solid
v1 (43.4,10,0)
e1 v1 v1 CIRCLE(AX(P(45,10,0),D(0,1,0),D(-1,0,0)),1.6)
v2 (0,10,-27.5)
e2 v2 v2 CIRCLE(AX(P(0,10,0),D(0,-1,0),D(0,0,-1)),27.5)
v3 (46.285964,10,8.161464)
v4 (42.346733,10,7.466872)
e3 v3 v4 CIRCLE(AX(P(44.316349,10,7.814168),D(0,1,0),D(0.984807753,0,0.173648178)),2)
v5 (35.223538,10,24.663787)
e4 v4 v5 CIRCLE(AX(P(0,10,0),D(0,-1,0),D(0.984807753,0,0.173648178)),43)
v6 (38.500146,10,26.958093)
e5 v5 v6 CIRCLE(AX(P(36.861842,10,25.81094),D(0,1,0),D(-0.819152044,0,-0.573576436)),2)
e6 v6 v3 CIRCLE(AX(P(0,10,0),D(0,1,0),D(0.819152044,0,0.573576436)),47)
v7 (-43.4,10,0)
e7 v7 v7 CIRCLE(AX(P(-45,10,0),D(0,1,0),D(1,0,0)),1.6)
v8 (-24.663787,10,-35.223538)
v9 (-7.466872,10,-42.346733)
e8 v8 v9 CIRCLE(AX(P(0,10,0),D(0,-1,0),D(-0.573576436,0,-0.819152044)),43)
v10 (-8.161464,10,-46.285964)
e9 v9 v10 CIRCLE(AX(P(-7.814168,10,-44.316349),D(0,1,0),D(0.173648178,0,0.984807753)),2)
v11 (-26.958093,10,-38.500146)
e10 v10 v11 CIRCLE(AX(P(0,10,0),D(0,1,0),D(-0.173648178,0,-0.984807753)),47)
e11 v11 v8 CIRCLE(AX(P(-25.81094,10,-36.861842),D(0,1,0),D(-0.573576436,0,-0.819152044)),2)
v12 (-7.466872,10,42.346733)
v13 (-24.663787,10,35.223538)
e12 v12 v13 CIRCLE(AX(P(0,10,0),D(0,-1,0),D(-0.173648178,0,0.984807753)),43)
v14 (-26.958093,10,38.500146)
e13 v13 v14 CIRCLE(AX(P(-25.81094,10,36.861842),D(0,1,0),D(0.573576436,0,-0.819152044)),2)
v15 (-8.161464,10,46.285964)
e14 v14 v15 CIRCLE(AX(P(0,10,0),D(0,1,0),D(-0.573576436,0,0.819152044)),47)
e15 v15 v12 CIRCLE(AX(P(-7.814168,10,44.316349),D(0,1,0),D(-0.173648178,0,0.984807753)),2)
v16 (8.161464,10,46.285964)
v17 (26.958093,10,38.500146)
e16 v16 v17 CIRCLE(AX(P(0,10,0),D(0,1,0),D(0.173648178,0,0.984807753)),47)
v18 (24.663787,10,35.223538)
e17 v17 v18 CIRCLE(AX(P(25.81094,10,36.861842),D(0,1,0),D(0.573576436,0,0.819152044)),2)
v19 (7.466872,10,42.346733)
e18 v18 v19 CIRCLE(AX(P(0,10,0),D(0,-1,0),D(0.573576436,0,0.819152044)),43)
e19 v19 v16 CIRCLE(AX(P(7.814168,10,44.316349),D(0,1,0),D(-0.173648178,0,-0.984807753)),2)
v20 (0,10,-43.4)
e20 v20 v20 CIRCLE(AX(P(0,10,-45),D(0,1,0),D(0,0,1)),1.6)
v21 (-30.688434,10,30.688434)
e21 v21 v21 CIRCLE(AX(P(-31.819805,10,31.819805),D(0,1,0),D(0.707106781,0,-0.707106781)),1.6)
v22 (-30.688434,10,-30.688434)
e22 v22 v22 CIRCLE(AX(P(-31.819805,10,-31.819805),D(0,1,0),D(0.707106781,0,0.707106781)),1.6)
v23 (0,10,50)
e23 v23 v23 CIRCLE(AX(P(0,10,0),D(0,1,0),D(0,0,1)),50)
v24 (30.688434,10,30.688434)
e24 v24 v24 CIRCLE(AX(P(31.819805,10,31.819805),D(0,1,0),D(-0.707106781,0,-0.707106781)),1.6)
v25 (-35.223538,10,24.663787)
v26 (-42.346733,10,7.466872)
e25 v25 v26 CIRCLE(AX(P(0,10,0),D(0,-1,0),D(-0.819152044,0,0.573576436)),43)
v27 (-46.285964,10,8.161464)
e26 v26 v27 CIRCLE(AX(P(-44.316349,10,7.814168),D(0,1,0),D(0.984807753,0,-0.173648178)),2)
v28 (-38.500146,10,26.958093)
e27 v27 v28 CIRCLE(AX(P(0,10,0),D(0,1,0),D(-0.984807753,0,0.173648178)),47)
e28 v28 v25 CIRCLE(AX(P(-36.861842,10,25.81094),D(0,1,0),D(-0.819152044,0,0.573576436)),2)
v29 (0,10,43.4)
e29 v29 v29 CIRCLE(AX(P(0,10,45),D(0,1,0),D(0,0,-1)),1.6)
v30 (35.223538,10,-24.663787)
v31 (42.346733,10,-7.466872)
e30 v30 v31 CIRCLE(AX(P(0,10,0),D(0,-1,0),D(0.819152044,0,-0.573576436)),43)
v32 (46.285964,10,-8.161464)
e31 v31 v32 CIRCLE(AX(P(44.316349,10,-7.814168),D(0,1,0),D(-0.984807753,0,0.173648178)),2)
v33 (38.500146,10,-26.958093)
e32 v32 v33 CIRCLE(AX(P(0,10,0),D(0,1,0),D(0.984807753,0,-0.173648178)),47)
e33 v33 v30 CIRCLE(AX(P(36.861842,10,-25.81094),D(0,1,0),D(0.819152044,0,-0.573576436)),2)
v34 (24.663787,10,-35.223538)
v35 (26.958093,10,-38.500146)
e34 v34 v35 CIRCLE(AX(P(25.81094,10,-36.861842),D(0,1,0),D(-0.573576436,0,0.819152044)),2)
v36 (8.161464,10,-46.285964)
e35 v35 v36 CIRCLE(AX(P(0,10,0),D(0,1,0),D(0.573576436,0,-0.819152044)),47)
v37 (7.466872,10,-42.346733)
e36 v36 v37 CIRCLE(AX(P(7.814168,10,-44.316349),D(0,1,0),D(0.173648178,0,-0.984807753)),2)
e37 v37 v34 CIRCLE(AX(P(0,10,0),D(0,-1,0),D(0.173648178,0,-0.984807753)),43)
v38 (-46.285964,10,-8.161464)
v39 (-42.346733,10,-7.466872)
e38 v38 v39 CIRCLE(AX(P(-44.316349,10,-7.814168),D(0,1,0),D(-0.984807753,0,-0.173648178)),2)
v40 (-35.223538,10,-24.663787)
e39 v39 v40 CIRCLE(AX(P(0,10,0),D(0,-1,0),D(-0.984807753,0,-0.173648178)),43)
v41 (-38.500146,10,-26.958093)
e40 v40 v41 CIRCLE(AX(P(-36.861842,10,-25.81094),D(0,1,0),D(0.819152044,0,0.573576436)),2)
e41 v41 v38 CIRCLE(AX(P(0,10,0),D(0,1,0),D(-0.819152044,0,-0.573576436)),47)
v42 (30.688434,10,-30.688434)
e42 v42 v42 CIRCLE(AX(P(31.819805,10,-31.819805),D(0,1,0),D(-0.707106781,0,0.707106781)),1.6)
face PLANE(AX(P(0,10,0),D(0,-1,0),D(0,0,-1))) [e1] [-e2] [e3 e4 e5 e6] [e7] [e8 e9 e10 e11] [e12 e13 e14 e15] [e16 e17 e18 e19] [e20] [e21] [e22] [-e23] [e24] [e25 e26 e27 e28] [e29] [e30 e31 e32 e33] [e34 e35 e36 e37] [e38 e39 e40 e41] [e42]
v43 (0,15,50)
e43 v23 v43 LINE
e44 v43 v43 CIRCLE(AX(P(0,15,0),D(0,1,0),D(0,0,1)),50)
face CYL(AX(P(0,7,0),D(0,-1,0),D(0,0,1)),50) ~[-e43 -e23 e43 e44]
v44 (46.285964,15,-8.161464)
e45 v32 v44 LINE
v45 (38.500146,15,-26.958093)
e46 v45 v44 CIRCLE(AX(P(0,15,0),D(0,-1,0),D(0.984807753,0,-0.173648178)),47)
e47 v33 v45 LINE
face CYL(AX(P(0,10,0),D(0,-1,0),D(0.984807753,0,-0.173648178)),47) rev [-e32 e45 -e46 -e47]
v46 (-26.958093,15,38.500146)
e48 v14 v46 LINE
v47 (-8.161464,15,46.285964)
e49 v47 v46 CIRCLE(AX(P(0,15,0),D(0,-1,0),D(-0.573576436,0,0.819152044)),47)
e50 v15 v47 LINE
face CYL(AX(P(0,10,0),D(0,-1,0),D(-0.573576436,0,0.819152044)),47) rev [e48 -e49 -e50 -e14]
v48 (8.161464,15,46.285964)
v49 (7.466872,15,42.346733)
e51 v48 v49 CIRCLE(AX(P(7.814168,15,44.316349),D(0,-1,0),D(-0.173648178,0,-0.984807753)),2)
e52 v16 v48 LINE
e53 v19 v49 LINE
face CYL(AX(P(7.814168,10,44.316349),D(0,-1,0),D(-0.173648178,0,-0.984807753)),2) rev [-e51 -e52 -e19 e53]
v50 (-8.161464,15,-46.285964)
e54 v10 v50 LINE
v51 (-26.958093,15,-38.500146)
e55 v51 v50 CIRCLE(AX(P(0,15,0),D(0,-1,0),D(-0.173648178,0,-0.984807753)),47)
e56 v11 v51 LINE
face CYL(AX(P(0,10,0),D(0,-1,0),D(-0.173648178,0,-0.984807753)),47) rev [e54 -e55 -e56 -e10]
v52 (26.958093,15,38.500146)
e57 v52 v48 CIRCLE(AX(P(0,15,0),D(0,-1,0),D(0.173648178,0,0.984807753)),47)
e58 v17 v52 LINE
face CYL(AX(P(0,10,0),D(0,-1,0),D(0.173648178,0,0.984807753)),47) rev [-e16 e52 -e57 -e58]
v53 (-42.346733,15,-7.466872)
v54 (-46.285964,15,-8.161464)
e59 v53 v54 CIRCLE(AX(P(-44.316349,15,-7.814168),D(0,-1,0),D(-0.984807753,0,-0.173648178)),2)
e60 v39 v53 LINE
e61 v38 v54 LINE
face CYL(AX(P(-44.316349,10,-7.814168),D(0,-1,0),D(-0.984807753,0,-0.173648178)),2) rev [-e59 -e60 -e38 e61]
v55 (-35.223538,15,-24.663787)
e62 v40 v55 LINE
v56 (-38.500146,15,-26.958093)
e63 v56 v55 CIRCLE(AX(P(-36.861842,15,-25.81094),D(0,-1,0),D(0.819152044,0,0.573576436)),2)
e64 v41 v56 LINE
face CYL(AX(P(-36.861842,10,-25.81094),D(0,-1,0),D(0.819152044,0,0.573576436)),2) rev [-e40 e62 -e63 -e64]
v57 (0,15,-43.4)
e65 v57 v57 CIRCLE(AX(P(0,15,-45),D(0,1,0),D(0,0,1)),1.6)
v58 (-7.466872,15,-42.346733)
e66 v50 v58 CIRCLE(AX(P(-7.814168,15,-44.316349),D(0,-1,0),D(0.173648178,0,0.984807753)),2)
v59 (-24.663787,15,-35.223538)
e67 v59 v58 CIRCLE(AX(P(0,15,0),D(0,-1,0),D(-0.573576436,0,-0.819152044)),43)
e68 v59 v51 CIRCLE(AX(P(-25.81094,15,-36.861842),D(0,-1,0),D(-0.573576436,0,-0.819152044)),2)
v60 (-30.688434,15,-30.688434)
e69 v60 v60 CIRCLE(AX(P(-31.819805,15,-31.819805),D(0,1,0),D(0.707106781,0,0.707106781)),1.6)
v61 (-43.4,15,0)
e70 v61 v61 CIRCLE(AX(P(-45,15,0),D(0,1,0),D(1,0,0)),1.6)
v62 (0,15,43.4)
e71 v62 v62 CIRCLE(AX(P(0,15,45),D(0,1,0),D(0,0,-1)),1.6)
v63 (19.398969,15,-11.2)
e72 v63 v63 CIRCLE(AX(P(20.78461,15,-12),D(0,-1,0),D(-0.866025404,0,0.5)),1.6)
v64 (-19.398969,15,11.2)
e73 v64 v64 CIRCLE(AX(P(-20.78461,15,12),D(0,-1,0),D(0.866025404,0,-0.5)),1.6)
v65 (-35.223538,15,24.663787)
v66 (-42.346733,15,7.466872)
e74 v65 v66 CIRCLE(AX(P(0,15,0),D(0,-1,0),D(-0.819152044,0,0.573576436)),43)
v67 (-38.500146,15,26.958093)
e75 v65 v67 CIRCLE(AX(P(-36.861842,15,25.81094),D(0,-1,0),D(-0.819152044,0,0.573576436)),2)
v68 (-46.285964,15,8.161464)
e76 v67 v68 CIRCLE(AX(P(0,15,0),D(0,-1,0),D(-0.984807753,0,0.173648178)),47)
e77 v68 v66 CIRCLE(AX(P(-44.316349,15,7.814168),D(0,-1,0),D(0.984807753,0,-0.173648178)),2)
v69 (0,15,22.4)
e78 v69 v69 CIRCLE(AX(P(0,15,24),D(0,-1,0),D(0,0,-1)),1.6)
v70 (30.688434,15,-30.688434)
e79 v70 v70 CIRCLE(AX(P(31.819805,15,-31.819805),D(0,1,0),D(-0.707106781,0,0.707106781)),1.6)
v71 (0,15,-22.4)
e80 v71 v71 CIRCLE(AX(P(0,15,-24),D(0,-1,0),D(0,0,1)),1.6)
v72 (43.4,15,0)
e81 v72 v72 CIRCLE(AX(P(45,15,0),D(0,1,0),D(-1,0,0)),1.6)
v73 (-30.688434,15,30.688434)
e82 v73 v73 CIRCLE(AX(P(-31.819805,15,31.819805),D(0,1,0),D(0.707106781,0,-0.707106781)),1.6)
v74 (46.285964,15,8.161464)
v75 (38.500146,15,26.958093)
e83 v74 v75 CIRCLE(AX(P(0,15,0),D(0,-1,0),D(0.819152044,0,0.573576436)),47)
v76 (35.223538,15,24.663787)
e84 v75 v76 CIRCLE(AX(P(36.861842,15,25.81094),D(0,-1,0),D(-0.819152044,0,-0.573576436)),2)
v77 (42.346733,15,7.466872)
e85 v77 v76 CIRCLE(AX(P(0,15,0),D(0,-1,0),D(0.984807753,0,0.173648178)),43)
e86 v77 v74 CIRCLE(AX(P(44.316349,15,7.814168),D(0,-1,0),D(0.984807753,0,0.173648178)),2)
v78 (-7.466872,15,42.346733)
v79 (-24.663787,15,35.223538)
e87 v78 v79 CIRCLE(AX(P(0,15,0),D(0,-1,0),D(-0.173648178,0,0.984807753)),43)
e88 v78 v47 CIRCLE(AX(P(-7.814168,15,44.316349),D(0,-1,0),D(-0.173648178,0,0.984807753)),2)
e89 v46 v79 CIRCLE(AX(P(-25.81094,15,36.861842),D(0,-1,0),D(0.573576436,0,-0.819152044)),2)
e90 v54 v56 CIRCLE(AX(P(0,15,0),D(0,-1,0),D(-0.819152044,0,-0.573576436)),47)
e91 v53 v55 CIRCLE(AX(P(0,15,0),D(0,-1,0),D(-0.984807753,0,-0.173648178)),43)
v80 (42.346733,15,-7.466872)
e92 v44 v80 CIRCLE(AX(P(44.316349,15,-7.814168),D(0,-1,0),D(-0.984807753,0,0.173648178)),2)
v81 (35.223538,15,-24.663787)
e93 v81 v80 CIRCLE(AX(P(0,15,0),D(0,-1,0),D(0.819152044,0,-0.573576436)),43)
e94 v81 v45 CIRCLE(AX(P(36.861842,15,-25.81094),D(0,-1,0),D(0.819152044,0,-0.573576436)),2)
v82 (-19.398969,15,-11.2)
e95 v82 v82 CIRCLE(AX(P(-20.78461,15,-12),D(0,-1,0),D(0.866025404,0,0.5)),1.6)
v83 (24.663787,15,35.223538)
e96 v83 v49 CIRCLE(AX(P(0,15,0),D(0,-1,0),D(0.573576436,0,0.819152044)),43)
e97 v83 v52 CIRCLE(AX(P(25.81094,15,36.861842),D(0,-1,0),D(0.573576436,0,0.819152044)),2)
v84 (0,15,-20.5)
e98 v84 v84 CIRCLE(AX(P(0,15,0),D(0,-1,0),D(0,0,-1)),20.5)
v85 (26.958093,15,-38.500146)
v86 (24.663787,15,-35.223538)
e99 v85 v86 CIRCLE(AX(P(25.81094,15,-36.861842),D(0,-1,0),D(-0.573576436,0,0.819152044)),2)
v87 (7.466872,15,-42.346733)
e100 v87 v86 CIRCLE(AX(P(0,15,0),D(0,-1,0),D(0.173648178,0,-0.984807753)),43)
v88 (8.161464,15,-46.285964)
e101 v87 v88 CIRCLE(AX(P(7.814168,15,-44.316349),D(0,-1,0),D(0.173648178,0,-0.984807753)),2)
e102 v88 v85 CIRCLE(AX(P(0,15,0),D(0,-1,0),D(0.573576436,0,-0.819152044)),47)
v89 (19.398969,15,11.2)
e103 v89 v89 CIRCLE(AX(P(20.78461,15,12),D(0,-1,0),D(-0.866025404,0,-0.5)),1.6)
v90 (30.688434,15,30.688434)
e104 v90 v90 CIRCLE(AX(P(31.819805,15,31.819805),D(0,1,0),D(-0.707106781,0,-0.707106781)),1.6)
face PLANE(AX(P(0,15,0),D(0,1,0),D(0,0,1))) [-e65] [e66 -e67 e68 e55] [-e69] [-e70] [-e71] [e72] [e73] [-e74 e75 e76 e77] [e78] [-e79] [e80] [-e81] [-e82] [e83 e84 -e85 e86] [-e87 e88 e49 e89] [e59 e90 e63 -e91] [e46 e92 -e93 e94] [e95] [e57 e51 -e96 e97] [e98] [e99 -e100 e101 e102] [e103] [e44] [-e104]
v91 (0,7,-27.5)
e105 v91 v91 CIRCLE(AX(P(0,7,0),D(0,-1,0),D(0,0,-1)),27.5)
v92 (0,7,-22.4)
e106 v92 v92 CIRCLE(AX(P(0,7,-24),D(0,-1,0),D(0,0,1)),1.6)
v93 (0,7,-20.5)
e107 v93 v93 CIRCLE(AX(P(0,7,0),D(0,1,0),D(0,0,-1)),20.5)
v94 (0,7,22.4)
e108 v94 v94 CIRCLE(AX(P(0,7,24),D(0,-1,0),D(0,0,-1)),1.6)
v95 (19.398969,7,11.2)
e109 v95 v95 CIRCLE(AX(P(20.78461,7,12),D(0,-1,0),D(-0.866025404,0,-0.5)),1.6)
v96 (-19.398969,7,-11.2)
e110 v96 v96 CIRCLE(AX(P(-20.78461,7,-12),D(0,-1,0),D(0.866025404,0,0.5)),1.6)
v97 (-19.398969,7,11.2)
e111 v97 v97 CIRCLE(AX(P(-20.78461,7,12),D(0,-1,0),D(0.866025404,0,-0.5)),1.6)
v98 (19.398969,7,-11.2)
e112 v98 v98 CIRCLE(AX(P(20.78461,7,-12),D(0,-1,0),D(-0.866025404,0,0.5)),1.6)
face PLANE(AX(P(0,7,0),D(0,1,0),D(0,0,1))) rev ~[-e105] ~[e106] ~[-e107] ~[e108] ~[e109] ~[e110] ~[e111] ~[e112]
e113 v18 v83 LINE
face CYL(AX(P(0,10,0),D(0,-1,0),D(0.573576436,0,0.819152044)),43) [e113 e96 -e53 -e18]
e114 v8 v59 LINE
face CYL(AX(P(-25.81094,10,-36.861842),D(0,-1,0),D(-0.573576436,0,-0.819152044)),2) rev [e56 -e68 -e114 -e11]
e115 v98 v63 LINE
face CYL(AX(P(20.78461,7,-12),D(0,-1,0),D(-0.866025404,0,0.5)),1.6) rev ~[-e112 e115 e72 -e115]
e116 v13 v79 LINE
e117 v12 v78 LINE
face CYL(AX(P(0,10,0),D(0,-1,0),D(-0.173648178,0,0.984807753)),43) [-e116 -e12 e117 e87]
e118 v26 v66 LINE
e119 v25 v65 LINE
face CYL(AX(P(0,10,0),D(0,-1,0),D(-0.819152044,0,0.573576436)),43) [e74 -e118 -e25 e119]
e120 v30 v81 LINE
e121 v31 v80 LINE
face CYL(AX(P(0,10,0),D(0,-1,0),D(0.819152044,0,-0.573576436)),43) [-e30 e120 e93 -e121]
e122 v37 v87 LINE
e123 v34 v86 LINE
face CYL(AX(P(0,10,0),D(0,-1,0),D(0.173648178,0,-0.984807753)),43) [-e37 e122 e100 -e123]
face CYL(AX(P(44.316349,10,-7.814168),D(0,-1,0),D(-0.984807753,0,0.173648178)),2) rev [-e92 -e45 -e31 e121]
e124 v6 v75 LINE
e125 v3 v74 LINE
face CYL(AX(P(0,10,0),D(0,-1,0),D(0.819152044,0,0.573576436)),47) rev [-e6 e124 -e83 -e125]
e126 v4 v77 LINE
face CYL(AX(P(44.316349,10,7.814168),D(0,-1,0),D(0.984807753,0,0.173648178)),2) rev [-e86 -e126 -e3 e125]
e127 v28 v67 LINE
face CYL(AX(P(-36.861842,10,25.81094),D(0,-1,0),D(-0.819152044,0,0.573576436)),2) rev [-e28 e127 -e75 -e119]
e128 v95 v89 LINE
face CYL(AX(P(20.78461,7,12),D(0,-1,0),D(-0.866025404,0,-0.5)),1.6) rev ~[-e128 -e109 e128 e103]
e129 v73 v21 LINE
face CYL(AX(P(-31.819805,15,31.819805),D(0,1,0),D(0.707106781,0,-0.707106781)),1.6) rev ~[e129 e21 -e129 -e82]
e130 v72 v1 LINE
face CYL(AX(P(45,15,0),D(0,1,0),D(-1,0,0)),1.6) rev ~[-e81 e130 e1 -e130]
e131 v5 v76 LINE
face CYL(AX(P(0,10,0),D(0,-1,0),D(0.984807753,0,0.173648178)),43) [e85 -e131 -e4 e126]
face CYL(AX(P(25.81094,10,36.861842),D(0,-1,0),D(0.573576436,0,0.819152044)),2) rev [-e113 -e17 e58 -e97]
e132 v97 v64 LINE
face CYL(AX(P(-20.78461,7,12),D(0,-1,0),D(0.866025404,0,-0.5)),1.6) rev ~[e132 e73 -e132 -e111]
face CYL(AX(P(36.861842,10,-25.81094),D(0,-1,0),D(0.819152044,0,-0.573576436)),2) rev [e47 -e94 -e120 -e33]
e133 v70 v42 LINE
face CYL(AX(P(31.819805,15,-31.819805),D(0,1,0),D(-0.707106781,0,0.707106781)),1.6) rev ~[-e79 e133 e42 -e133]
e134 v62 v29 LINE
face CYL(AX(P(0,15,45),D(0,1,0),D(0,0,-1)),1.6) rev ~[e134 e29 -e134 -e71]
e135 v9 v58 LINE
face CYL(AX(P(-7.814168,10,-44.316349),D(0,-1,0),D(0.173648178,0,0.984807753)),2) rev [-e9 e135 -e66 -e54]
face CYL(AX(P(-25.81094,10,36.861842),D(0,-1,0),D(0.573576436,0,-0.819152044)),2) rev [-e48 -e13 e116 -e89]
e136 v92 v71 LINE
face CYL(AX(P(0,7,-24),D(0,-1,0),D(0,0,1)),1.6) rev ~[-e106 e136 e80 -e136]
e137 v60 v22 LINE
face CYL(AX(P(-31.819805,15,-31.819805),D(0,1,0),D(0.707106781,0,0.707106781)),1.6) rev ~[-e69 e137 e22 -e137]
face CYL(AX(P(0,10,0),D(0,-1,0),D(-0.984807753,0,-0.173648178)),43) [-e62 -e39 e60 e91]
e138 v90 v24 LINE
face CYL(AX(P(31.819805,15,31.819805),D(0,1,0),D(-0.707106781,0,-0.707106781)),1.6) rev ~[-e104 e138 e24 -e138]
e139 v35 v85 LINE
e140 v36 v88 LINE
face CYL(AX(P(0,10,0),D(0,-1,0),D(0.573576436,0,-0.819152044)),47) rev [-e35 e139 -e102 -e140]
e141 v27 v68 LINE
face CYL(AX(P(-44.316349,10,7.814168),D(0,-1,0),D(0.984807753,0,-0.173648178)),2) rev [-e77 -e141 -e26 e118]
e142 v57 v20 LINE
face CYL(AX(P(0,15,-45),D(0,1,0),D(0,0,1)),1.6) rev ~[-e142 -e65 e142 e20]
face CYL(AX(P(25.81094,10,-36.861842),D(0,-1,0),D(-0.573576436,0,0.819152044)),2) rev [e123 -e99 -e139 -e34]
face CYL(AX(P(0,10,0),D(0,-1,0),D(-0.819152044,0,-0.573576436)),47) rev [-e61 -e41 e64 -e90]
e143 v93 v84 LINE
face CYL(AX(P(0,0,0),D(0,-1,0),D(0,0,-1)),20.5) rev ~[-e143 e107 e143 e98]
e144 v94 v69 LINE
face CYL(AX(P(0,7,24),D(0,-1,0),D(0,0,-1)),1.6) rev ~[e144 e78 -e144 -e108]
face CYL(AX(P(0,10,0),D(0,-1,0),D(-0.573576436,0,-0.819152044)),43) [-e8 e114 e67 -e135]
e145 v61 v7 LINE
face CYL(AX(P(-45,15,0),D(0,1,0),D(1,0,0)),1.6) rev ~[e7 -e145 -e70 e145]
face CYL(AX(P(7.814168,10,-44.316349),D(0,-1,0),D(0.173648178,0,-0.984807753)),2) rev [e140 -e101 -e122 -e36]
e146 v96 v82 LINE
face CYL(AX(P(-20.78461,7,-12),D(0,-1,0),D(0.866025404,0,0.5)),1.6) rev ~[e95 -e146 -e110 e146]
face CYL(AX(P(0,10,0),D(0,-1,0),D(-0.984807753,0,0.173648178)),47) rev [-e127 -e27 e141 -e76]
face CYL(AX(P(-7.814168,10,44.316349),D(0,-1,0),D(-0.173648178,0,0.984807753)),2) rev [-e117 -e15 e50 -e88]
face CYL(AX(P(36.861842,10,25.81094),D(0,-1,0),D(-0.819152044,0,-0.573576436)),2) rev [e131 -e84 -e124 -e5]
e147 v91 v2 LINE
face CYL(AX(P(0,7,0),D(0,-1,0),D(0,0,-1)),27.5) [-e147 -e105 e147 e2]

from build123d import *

# Parameters (mm, degrees)
SKETCH_1_R               = 20.5
EXTRUDE_1_DEPTH          = 7
SKETCH_2_R               = 50
EXTRUDE_2_DEPTH          = 8
CUT_EXTRUDE_1_REACH      = 74.284
SKETCH_3_R               = 16.5
CUT_EXTRUDE_2_REACH      = 73.162
SKETCH_4_R               = 1.6
PATTERN_CIRCULAR_1_COUNT = 6
SKETCH_6_R               = 50
SKETCH_6_R_2             = 27.5
CUT_EXTRUDE_3_DEPTH      = 3
CUT_EXTRUDE_4_REACH      = 74.284
SKETCH_7_R               = 1.6
PATTERN_CIRCULAR_2_COUNT = 8
CUT_EXTRUDE_5_REACH      = 73.414
PATTERN_CIRCULAR_3_COUNT = 8
SKETCH_11_R              = 20.5
EXTRUDE_3_DEPTH          = 4
SKETCH_12_R              = 2.025
CUT_EXTRUDE_6_DEPTH      = 72.561162651
SKETCH_13_R              = 5
CUT_EXTRUDE_7_DEPTH      = 73.284161474
SKETCH_14_R              = 20.5
CUT_EXTRUDE_8_DEPTH      = 73.284161474


with BuildPart() as part:
    # 草图1 → 凸台-拉伸1 (new body)
    with BuildSketch(Plane(origin=(0, 0, 0), x_dir=(1, 0, 0), z_dir=(0, 1, 0))):
        with Locations(Location((0, 0, 0), (0, 0, 270))):
            Circle(SKETCH_1_R)
    extrude(amount=EXTRUDE_1_DEPTH)

    # 草图2 → 凸台-拉伸2 (add)
    with BuildSketch(Plane(origin=(0, 7, 0), x_dir=(1, 0, 0), z_dir=(0, 1, 0))):
        with Locations(Location((0, 0, 0), (0, 0, 270))):
            Circle(SKETCH_2_R)
    extrude(amount=EXTRUDE_2_DEPTH)

    # 草图3 → 切除-拉伸1 (cut, up to next)
    with BuildSketch(Plane.XZ, mode=Mode.PRIVATE) as cut_extrude_1_sk1:
        with Locations(Location((0, 0, 0), (0, 0, 270))):
            Circle(SKETCH_3_R)
    cut_extrude_1_tool1 = extrude(cut_extrude_1_sk1.sketch, amount=-CUT_EXTRUDE_1_REACH, mode=Mode.PRIVATE) & part.part
    add(cut_extrude_1_tool1.solids().sort_by_distance((0, 0, 0))[0], mode=Mode.SUBTRACT)

    # 草图4 → 切除-拉伸2 (cut, up to next)
    with BuildSketch(Plane.XZ.offset(-7), mode=Mode.PRIVATE) as cut_extrude_2_sk1:
        with Locations(Location((0, 24, 0), (0, 0, 270))):
            Circle(SKETCH_4_R)
    cut_extrude_2_tool1 = extrude(cut_extrude_2_sk1.sketch, amount=-CUT_EXTRUDE_2_REACH, mode=Mode.PRIVATE) & part.part
    cut_extrude_2 = cut_extrude_2_tool1.solids().sort_by_distance((0, 7, 24))[0]
    add(cut_extrude_2, mode=Mode.SUBTRACT)

    # 阵列(圆周)1: 切除-拉伸2 ×6 about axis
    pattern_circular_1_axis = Axis((0, 0, 0), (0, 1, 0))
    for i in range(1, PATTERN_CIRCULAR_1_COUNT):
        add(cut_extrude_2.rotate(pattern_circular_1_axis, i * 360 / PATTERN_CIRCULAR_1_COUNT), mode=Mode.SUBTRACT)

    # 草图6 → 切除-拉伸3 (cut)
    with BuildSketch(Plane.XZ.offset(-7)):
        with Locations(Location((0, 0, 0), (0, 0, 270))):
            Circle(SKETCH_6_R)
        with Locations(Location((0, 0, 0), (0, 0, 270))):
            Circle(SKETCH_6_R_2, mode=Mode.SUBTRACT)
    extrude(amount=-CUT_EXTRUDE_3_DEPTH, mode=Mode.SUBTRACT)

    # 草图7 → 切除-拉伸4 (cut, up to next)
    with BuildSketch(Plane(origin=(0, 15, 0), x_dir=(1, 0, 0), z_dir=(0, 1, 0)), mode=Mode.PRIVATE) as cut_extrude_4_sk1:
        with Locations(Location((0, 45, 0), (0, 0, 270))):
            Circle(SKETCH_7_R)
    cut_extrude_4_tool1 = extrude(cut_extrude_4_sk1.sketch, amount=-CUT_EXTRUDE_4_REACH, mode=Mode.PRIVATE) & part.part
    cut_extrude_4 = cut_extrude_4_tool1.solids().sort_by_distance((0, 15, -45))[0]
    add(cut_extrude_4, mode=Mode.SUBTRACT)

    # 阵列(圆周)2: 切除-拉伸4 ×8 about axis
    pattern_circular_2_axis = Axis((0, 0, 0), (0, 1, 0))
    for i in range(1, PATTERN_CIRCULAR_2_COUNT):
        add(cut_extrude_4.rotate(pattern_circular_2_axis, i * 360 / PATTERN_CIRCULAR_2_COUNT), mode=Mode.SUBTRACT)

    # 草图9 → 切除-拉伸5 (cut, up to next)
    with BuildSketch(Plane.XZ.offset(-10), mode=Mode.PRIVATE) as cut_extrude_5_sk1:
        with BuildLine():
            ThreePointArc((-7.46687164, 42.34673338), (-16.455387592, 39.726819898), (-24.663786763, 35.223537904))
            ThreePointArc((-24.663786763, 35.223537904), (-27.449243724, 35.71468912), (-26.958092508, 38.500146082))
            ThreePointArc((-26.958092508, 38.500146082), (-17.986121321, 43.422338028), (-8.16146435, 46.285964392))
            ThreePointArc((-8.16146435, 46.285964392), (-5.844552489, 44.663645241), (-7.46687164, 42.34673338))
        make_face()
    cut_extrude_5_tool1 = extrude(cut_extrude_5_sk1.sketch, amount=-CUT_EXTRUDE_5_REACH, mode=Mode.PRIVATE) & part.part
    cut_extrude_5 = cut_extrude_5_tool1.solids().sort_by_distance((-17.046965, 10, 41.155015))[0]
    add(cut_extrude_5, mode=Mode.SUBTRACT)

    # 阵列(圆周)3: 切除-拉伸5 ×8 about axis
    pattern_circular_3_axis = Axis((0, 0, 0), (0, 1, 0))
    for i in range(1, PATTERN_CIRCULAR_3_COUNT):
        add(cut_extrude_5.rotate(pattern_circular_3_axis, i * 360 / PATTERN_CIRCULAR_3_COUNT), mode=Mode.SUBTRACT)

    # 草图11 → 凸台-拉伸3 (add)
    with BuildSketch(Plane.XZ):
        with Locations(Location((0, 0, 0), (0, 0, 90))):
            Circle(SKETCH_11_R)
    extrude(amount=-EXTRUDE_3_DEPTH)

    # 草图12 → 切除-拉伸6 (cut, through all)
    with BuildSketch(Plane(origin=(0, 4, 0), x_dir=(1, 0, 0), z_dir=(0, 1, 0))):
        with Locations(Location((0, 11.5, 0), (0, 0, 270))):
            Circle(SKETCH_12_R)
        with Locations(Location((11.5, 0, 0), (0, 0, 270))):
            Circle(SKETCH_12_R)
        with Locations(Location((0, -11.5, 0), (0, 0, 270))):
            Circle(SKETCH_12_R)
        with Locations(Location((-11.5, 0, 0), (0, 0, 270))):
            Circle(SKETCH_12_R)
    extrude(amount=-CUT_EXTRUDE_6_DEPTH, mode=Mode.SUBTRACT)

    # 草图13 → 切除-拉伸7 (cut, through all)
    with BuildSketch(Plane.XZ):
        with Locations(Location((0, 0, 0), (0, 0, 270))):
            Circle(SKETCH_13_R)
    extrude(amount=-CUT_EXTRUDE_7_DEPTH, mode=Mode.SUBTRACT)

    # 草图14 → 切除-拉伸8 (cut, through all)
    with BuildSketch(Plane.XZ):
        with Locations(Location((0, 0, 0), (0, 0, 270))):
            Circle(SKETCH_14_R)
    extrude(amount=-CUT_EXTRUDE_8_DEPTH, mode=Mode.SUBTRACT)


solid = part.part
